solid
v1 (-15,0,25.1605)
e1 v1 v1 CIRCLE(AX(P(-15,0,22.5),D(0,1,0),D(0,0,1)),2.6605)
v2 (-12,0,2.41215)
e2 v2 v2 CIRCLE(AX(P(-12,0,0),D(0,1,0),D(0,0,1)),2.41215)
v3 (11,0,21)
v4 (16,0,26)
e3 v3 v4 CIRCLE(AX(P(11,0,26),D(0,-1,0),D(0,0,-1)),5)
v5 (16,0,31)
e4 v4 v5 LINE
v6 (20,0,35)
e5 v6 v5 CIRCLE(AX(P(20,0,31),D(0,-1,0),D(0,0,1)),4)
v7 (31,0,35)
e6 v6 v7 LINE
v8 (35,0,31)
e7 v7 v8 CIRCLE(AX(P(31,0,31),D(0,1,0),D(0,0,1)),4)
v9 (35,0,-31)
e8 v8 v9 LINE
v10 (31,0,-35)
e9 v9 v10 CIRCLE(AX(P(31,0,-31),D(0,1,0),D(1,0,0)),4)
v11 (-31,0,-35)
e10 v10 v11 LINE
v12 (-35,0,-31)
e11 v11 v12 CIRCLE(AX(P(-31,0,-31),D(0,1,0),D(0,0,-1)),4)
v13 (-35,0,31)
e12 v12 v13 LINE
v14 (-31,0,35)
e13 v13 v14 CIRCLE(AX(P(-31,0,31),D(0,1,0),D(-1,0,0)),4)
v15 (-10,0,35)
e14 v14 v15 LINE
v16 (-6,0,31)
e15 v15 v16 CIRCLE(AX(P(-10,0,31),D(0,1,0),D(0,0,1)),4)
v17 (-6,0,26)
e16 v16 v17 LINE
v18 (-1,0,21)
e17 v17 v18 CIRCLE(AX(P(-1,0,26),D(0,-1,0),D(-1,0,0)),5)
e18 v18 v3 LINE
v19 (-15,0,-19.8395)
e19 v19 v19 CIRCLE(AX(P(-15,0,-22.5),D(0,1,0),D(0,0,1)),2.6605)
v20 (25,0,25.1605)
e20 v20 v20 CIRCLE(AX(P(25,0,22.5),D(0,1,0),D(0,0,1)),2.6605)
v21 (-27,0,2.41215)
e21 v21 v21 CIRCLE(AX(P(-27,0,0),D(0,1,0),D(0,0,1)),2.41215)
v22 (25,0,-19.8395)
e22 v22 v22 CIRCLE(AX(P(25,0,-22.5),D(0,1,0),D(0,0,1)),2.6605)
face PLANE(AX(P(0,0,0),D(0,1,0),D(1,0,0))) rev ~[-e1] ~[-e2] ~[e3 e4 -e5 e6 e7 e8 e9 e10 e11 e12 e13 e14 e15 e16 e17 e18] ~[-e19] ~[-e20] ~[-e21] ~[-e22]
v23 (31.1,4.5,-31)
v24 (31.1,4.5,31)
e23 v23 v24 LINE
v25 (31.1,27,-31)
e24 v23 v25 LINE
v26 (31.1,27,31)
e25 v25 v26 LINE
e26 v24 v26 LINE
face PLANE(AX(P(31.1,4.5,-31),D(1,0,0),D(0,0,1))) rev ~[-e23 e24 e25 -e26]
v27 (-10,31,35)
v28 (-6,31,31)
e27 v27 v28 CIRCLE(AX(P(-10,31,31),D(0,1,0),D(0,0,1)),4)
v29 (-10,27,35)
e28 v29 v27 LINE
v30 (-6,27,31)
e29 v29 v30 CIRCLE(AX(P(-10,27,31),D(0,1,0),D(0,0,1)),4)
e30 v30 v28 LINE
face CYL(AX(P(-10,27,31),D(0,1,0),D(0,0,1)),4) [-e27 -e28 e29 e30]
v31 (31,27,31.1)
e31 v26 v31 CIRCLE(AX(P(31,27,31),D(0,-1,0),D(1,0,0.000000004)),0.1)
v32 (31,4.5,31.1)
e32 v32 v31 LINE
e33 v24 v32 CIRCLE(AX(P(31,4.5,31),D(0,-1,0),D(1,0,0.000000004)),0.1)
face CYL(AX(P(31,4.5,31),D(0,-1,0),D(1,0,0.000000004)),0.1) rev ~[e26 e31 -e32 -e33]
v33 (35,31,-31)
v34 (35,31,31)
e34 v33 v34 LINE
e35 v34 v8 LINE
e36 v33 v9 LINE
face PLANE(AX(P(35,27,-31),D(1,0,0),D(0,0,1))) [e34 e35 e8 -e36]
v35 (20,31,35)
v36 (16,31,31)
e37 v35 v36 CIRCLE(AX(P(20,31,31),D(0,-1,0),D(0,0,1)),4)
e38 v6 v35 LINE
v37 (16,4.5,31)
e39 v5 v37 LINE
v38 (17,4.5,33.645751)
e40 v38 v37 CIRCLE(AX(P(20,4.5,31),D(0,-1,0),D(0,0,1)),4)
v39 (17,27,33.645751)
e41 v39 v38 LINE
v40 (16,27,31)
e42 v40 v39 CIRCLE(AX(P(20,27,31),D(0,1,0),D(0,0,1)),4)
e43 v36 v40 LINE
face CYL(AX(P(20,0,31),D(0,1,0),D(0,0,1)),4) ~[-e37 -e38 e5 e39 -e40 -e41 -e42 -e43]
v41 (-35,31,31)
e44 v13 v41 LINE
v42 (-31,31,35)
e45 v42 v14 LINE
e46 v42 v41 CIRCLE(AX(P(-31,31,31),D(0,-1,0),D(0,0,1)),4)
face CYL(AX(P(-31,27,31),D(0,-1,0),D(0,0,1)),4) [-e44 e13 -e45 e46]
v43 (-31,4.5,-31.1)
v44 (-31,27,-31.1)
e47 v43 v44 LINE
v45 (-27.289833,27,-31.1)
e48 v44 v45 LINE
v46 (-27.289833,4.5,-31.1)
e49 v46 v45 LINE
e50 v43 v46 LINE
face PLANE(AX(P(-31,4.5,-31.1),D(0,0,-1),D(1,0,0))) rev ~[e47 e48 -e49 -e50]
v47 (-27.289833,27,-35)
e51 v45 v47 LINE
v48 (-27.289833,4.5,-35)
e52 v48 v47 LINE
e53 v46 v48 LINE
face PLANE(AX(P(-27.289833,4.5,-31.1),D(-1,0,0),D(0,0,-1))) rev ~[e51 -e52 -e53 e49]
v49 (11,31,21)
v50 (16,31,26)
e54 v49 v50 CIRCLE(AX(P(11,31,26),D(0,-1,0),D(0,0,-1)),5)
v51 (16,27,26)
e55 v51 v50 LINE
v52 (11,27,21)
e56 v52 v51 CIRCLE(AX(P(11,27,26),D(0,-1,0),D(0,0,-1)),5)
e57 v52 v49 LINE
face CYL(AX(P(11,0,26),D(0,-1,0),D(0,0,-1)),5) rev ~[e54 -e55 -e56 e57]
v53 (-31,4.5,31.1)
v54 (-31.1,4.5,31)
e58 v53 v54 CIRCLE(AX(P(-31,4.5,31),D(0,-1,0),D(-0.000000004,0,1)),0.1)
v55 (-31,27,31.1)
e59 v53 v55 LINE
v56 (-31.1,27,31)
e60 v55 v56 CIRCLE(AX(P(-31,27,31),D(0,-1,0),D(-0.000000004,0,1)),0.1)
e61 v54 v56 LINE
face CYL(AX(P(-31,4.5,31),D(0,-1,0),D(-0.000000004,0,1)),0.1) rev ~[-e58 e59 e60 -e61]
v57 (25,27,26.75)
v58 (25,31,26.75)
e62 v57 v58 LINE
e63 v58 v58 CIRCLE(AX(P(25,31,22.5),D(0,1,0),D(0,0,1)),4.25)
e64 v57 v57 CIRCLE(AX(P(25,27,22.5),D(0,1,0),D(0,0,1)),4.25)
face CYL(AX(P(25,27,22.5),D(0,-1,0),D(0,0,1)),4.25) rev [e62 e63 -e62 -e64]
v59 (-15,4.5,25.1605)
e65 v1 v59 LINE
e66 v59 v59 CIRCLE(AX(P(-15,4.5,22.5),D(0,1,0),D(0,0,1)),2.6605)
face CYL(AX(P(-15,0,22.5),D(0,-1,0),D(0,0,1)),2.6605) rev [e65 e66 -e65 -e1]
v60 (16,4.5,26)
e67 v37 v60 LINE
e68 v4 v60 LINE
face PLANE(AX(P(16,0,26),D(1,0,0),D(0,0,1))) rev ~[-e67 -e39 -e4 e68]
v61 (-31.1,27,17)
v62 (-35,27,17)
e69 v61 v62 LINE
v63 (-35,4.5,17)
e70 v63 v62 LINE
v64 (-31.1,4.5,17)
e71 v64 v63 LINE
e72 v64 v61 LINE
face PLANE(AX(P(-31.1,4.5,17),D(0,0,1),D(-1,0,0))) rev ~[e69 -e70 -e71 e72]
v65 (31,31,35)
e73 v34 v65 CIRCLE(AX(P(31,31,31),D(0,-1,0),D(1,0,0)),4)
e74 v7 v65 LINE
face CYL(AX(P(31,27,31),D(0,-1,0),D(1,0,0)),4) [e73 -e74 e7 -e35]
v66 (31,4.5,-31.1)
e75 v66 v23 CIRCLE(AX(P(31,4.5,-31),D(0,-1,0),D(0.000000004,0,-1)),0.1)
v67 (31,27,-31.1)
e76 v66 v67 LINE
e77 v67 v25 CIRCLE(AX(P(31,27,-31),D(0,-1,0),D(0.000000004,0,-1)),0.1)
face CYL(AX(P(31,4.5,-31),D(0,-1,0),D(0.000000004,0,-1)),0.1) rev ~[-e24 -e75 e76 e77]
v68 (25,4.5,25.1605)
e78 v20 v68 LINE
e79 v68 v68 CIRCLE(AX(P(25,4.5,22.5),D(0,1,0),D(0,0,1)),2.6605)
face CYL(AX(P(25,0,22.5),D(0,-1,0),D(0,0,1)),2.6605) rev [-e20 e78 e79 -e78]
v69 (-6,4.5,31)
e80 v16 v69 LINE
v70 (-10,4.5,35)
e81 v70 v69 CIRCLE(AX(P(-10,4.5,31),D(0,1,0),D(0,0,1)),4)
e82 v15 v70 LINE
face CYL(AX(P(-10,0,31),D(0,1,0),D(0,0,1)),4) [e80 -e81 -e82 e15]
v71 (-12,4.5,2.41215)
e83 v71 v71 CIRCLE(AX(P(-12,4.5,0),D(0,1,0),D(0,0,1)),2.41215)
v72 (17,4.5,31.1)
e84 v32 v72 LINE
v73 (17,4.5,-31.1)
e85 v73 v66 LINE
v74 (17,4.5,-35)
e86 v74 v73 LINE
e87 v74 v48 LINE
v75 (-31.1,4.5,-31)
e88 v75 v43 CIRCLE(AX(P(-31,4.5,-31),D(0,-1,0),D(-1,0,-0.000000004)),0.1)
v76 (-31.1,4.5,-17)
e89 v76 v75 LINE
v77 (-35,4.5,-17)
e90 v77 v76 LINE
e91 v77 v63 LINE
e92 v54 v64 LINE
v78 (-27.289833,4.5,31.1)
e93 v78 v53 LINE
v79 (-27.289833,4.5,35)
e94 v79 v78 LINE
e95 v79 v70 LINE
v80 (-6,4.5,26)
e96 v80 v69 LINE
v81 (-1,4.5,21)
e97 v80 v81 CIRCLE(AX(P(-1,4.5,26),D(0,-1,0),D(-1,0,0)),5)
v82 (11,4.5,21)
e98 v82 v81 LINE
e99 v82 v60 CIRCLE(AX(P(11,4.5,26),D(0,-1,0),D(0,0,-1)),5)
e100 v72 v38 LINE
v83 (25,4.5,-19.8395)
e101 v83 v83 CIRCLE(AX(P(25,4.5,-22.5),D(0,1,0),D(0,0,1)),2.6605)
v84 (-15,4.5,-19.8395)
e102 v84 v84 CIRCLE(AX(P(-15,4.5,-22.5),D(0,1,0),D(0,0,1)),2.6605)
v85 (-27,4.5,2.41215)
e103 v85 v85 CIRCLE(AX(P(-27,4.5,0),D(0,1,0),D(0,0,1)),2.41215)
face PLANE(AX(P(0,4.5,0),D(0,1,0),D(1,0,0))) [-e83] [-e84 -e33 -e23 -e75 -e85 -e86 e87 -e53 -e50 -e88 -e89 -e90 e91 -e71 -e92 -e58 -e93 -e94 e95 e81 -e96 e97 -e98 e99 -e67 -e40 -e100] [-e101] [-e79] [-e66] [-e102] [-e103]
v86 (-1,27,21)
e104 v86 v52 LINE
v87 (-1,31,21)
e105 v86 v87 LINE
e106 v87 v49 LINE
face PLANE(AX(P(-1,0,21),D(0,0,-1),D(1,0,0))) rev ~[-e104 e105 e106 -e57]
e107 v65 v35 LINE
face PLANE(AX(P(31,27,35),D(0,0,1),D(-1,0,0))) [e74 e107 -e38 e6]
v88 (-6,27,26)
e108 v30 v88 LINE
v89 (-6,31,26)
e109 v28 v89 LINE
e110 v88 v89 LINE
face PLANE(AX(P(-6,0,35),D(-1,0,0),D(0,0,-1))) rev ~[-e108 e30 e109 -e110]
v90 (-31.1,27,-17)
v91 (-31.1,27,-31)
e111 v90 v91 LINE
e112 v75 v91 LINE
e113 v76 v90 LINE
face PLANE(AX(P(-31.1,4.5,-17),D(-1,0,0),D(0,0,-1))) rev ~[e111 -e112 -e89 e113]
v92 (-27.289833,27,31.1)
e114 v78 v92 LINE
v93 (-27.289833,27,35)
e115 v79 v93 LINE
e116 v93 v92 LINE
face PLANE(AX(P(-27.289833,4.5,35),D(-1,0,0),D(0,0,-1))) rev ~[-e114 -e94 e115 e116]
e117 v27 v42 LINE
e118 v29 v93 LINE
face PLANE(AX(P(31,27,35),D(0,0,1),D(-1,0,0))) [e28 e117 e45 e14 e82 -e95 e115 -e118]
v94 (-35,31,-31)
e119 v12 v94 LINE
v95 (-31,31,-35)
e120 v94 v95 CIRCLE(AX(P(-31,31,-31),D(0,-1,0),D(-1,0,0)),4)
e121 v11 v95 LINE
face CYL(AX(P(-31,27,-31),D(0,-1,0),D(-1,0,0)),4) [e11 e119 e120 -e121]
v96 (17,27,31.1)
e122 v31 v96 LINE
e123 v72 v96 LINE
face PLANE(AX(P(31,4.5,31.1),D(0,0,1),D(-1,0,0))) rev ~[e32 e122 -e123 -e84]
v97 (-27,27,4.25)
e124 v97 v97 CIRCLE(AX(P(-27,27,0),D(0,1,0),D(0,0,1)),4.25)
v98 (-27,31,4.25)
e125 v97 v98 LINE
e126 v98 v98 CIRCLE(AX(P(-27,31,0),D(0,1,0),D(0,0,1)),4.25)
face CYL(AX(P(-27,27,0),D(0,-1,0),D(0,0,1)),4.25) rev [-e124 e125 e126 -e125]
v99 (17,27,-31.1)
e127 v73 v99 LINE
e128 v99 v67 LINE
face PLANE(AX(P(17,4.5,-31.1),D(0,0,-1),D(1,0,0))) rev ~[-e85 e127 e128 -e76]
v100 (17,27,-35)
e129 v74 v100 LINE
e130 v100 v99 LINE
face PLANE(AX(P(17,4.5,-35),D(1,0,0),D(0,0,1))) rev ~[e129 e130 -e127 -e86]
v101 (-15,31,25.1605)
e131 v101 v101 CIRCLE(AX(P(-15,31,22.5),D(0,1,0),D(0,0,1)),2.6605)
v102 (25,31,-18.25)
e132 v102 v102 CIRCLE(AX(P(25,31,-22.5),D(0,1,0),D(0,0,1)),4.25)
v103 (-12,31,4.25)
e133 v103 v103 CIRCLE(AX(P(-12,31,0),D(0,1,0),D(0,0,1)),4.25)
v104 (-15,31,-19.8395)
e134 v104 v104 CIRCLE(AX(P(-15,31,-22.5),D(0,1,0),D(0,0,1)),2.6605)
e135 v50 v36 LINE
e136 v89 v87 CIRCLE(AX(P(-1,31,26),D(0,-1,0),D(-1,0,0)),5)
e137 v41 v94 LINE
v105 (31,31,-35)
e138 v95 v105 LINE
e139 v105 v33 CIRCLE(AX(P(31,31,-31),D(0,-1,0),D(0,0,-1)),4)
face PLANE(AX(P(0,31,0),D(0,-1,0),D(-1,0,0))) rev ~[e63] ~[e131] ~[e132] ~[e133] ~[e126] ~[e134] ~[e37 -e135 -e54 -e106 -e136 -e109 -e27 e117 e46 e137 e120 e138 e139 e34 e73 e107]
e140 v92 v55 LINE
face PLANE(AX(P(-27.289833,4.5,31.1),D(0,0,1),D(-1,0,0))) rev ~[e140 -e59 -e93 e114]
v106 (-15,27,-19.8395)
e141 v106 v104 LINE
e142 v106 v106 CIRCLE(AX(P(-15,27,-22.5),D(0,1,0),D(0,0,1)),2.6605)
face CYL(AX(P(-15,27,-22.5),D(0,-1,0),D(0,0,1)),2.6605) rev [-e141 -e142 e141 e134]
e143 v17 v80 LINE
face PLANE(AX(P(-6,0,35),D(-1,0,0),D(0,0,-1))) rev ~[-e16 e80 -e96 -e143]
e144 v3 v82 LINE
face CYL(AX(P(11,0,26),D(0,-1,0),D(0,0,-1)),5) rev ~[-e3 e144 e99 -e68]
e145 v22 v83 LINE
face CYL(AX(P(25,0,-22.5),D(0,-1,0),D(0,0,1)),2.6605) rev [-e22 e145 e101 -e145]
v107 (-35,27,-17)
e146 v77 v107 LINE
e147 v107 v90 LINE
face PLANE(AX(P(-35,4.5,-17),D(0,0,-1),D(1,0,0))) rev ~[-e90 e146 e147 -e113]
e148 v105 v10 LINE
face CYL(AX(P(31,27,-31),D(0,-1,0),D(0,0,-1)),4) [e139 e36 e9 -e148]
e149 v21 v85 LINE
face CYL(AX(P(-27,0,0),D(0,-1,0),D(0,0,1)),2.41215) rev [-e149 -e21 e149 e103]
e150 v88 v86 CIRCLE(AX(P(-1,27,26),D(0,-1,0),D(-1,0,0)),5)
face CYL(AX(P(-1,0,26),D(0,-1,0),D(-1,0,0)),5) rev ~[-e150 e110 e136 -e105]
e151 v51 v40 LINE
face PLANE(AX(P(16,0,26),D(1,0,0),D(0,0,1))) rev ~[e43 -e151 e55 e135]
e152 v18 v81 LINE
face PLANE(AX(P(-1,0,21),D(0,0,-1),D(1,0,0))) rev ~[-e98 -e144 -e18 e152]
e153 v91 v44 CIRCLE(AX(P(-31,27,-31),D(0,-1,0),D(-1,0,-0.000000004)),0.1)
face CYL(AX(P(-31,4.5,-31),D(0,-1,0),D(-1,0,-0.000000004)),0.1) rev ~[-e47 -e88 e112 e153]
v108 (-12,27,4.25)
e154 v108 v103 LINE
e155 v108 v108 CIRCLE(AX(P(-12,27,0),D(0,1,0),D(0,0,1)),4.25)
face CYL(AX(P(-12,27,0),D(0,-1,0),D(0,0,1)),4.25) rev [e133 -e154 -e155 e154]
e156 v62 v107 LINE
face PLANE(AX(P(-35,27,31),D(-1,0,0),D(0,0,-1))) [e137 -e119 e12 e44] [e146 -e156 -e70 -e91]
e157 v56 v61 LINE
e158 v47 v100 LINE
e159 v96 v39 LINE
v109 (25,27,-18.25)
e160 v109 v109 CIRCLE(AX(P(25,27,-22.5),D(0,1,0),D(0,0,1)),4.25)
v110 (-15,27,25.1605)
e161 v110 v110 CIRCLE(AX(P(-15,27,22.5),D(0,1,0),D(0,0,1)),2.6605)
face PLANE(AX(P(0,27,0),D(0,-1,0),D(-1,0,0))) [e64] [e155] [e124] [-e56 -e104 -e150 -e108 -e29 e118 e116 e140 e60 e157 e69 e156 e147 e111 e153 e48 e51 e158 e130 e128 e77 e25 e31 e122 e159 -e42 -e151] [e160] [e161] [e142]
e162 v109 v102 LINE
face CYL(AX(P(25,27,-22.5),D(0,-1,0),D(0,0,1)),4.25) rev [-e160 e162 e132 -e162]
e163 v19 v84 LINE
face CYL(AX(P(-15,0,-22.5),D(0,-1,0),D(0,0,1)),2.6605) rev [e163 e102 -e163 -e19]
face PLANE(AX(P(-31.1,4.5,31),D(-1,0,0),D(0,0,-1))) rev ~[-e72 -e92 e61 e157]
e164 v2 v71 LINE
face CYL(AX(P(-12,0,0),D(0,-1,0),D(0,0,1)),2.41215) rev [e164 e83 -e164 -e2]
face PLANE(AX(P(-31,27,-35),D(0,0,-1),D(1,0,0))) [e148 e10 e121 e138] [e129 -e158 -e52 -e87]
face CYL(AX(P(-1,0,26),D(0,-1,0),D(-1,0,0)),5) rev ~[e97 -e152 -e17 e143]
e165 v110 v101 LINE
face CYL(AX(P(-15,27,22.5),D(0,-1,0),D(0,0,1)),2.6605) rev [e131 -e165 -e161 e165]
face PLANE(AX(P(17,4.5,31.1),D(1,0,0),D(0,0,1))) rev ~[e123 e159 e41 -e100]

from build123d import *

# Parameters (mm, degrees)
SKETCH1_R           = 2.6605
SKETCH1_R_2         = 2.41215
BOSS_EXTRUDE1_DEPTH = 4.5
BOSS_EXTRUDE2_DEPTH = 22.5
SKETCH3_R           = 2.6605
SKETCH3_R_2         = 4.25
BOSS_EXTRUDE3_DEPTH = 4
CUT_EXTRUDE2_DEPTH  = 59.403767002
FILLET1_R           = 4


with BuildPart() as part:
    # Sketch1 → Boss-Extrude1 (new body)
    with BuildSketch(Plane(origin=(0, 0, 0), x_dir=(1, 0, 0), z_dir=(0, 1, 0))):
        with BuildLine():
            Line((-31, -35), (31, -35))
            ThreePointArc((31, -35), (33.828427125, -33.828427125), (35, -31))
            Line((35, -31), (35, 31))
            ThreePointArc((35, 31), (33.828427125, 33.828427125), (31, 35))
            Line((31, 35), (-31, 35))
            ThreePointArc((-31, 35), (-33.828427125, 33.828427125), (-35, 31))
            Line((-35, 31), (-35, -31))
            ThreePointArc((-35, -31), (-33.828427125, -33.828427125), (-31, -35))
        make_face()
        with Locations(Location((25, 22.5, 0), (0, 0, 270))):
            Circle(SKETCH1_R, mode=Mode.SUBTRACT)
        with Locations(Location((25, -22.5, 0), (0, 0, 270))):
            Circle(SKETCH1_R, mode=Mode.SUBTRACT)
        with Locations(Location((-15, -22.5, 0), (0, 0, 270))):
            Circle(SKETCH1_R, mode=Mode.SUBTRACT)
        with Locations(Location((-15, 22.5, 0), (0, 0, 270))):
            Circle(SKETCH1_R, mode=Mode.SUBTRACT)
        with Locations(Location((-12, 0, 0), (0, 0, 270))):
            Circle(SKETCH1_R_2, mode=Mode.SUBTRACT)
        with Locations(Location((-27, 0, 0), (0, 0, 270))):
            Circle(SKETCH1_R_2, mode=Mode.SUBTRACT)
    extrude(amount=BOSS_EXTRUDE1_DEPTH)

    # Sketch2 → Boss-Extrude2 (add)
    with BuildSketch(Plane(origin=(0, 4.5, 0), x_dir=(1, 0, 0), z_dir=(0, 1, 0))):
        with BuildLine():
            Line((-27.289833197, 35), (-31, 35))
            ThreePointArc((-31, 35), (-33.828427125, 33.828427125), (-35, 31))
            Line((-35, 31), (-35, 17))
            Line((-35, 17), (-31.1, 17))
            Line((-31.1, 17), (-31.1, 31))
            ThreePointArc((-31.1, 31), (-31.070710678, 31.070710678), (-31, 31.1))
            Line((-31, 31.1), (-27.289833197, 31.1))
            Line((-27.289833197, 31.1), (-27.289833197, 35))
        make_face()
        with BuildLine():
            Line((-31, -35), (-27.289833197, -35))
            Line((-27.289833197, -35), (-27.289833197, -31.1))
            Line((-27.289833197, -31.1), (-31, -31.1))
            ThreePointArc((-31, -31.1), (-31.070710678, -31.070710678), (-31.1, -31))
            Line((-31.1, -31), (-31.1, -17))
            Line((-31.1, -17), (-35, -17))
            Line((-35, -17), (-35, -31))
            ThreePointArc((-35, -31), (-33.828427125, -33.828427125), (-31, -35))
        make_face()
        with BuildLine():
            Line((17, -35), (31, -35))
            ThreePointArc((31, -35), (33.828427125, -33.828427125), (35, -31))
            Line((35, -31), (35, 31))
            ThreePointArc((35, 31), (33.828427125, 33.828427125), (31, 35))
            Line((31, 35), (17, 35))
            Line((17, 35), (17, 31.1))
            Line((17, 31.1), (31, 31.1))
            ThreePointArc((31, 31.1), (31.070710678, 31.070710678), (31.1, 31))
            Line((31.1, 31), (31.1, -31))
            ThreePointArc((31.1, -31), (31.070710678, -31.070710678), (31, -31.1))
            Line((31, -31.1), (17, -31.1))
            Line((17, -31.1), (17, -35))
        make_face()
    extrude(amount=BOSS_EXTRUDE2_DEPTH)

    # Sketch3 → Boss-Extrude3 (add)
    with BuildSketch(Plane(origin=(0, 27, 0), x_dir=(1, 0, 0), z_dir=(0, 1, 0))):
        with BuildLine():
            Line((-31, 35), (31, 35))
            ThreePointArc((31, 35), (33.828427125, 33.828427125), (35, 31))
            Line((35, 31), (35, -31))
            ThreePointArc((35, -31), (33.828427125, -33.828427125), (31, -35))
            Line((31, -35), (-31, -35))
            ThreePointArc((-31, -35), (-33.828427125, -33.828427125), (-35, -31))
            Line((-35, -31), (-35, 31))
            ThreePointArc((-35, 31), (-33.828427125, 33.828427125), (-31, 35))
        make_face()
        with Locations(Location((-15, 22.5, 0), (0, 0, 270))):
            Circle(SKETCH3_R, mode=Mode.SUBTRACT)
        with Locations(Location((25, 22.5, 0), (0, 0, 270))):
            Circle(SKETCH3_R_2, mode=Mode.SUBTRACT)
        with Locations(Location((25, -22.5, 0), (0, 0, 270))):
            Circle(SKETCH3_R_2, mode=Mode.SUBTRACT)
        with Locations(Location((-15, -22.5, 0), (0, 0, 270))):
            Circle(SKETCH3_R, mode=Mode.SUBTRACT)
        with Locations(Location((-12, 0, 0), (0, 0, 270))):
            Circle(SKETCH3_R_2, mode=Mode.SUBTRACT)
        with Locations(Location((-27, 0, 0), (0, 0, 270))):
            Circle(SKETCH3_R_2, mode=Mode.SUBTRACT)
    extrude(amount=BOSS_EXTRUDE3_DEPTH)

    # Sketch4 → Cut-Extrude2 (cut, through all)
    with BuildSketch(Plane(origin=(0, 0, 0), x_dir=(1, 0, 0), z_dir=(0, 1, 0))):
        with BuildLine():
            Line((-1, -21), (11, -21))
            ThreePointArc((11, -21), (14.535533906, -22.464466094), (16, -26))
            Line((16, -26), (16, -35))
            Line((16, -35), (-6, -35))
            Line((-6, -35), (-6, -26))
            ThreePointArc((-6, -26), (-4.535533906, -22.464466094), (-1, -21))
        make_face()
    extrude(amount=CUT_EXTRUDE2_DEPTH, mode=Mode.SUBTRACT)

    # Fillet1
    fillet1_edges = [part.edges().sort_by_distance(p)[0] for p in [
        (16, 2.25, 35),
        (-6, 2.25, 35),
        (-6, 29, 35),
    ]]
    fillet(fillet1_edges, radius=FILLET1_R)


solid = part.part
